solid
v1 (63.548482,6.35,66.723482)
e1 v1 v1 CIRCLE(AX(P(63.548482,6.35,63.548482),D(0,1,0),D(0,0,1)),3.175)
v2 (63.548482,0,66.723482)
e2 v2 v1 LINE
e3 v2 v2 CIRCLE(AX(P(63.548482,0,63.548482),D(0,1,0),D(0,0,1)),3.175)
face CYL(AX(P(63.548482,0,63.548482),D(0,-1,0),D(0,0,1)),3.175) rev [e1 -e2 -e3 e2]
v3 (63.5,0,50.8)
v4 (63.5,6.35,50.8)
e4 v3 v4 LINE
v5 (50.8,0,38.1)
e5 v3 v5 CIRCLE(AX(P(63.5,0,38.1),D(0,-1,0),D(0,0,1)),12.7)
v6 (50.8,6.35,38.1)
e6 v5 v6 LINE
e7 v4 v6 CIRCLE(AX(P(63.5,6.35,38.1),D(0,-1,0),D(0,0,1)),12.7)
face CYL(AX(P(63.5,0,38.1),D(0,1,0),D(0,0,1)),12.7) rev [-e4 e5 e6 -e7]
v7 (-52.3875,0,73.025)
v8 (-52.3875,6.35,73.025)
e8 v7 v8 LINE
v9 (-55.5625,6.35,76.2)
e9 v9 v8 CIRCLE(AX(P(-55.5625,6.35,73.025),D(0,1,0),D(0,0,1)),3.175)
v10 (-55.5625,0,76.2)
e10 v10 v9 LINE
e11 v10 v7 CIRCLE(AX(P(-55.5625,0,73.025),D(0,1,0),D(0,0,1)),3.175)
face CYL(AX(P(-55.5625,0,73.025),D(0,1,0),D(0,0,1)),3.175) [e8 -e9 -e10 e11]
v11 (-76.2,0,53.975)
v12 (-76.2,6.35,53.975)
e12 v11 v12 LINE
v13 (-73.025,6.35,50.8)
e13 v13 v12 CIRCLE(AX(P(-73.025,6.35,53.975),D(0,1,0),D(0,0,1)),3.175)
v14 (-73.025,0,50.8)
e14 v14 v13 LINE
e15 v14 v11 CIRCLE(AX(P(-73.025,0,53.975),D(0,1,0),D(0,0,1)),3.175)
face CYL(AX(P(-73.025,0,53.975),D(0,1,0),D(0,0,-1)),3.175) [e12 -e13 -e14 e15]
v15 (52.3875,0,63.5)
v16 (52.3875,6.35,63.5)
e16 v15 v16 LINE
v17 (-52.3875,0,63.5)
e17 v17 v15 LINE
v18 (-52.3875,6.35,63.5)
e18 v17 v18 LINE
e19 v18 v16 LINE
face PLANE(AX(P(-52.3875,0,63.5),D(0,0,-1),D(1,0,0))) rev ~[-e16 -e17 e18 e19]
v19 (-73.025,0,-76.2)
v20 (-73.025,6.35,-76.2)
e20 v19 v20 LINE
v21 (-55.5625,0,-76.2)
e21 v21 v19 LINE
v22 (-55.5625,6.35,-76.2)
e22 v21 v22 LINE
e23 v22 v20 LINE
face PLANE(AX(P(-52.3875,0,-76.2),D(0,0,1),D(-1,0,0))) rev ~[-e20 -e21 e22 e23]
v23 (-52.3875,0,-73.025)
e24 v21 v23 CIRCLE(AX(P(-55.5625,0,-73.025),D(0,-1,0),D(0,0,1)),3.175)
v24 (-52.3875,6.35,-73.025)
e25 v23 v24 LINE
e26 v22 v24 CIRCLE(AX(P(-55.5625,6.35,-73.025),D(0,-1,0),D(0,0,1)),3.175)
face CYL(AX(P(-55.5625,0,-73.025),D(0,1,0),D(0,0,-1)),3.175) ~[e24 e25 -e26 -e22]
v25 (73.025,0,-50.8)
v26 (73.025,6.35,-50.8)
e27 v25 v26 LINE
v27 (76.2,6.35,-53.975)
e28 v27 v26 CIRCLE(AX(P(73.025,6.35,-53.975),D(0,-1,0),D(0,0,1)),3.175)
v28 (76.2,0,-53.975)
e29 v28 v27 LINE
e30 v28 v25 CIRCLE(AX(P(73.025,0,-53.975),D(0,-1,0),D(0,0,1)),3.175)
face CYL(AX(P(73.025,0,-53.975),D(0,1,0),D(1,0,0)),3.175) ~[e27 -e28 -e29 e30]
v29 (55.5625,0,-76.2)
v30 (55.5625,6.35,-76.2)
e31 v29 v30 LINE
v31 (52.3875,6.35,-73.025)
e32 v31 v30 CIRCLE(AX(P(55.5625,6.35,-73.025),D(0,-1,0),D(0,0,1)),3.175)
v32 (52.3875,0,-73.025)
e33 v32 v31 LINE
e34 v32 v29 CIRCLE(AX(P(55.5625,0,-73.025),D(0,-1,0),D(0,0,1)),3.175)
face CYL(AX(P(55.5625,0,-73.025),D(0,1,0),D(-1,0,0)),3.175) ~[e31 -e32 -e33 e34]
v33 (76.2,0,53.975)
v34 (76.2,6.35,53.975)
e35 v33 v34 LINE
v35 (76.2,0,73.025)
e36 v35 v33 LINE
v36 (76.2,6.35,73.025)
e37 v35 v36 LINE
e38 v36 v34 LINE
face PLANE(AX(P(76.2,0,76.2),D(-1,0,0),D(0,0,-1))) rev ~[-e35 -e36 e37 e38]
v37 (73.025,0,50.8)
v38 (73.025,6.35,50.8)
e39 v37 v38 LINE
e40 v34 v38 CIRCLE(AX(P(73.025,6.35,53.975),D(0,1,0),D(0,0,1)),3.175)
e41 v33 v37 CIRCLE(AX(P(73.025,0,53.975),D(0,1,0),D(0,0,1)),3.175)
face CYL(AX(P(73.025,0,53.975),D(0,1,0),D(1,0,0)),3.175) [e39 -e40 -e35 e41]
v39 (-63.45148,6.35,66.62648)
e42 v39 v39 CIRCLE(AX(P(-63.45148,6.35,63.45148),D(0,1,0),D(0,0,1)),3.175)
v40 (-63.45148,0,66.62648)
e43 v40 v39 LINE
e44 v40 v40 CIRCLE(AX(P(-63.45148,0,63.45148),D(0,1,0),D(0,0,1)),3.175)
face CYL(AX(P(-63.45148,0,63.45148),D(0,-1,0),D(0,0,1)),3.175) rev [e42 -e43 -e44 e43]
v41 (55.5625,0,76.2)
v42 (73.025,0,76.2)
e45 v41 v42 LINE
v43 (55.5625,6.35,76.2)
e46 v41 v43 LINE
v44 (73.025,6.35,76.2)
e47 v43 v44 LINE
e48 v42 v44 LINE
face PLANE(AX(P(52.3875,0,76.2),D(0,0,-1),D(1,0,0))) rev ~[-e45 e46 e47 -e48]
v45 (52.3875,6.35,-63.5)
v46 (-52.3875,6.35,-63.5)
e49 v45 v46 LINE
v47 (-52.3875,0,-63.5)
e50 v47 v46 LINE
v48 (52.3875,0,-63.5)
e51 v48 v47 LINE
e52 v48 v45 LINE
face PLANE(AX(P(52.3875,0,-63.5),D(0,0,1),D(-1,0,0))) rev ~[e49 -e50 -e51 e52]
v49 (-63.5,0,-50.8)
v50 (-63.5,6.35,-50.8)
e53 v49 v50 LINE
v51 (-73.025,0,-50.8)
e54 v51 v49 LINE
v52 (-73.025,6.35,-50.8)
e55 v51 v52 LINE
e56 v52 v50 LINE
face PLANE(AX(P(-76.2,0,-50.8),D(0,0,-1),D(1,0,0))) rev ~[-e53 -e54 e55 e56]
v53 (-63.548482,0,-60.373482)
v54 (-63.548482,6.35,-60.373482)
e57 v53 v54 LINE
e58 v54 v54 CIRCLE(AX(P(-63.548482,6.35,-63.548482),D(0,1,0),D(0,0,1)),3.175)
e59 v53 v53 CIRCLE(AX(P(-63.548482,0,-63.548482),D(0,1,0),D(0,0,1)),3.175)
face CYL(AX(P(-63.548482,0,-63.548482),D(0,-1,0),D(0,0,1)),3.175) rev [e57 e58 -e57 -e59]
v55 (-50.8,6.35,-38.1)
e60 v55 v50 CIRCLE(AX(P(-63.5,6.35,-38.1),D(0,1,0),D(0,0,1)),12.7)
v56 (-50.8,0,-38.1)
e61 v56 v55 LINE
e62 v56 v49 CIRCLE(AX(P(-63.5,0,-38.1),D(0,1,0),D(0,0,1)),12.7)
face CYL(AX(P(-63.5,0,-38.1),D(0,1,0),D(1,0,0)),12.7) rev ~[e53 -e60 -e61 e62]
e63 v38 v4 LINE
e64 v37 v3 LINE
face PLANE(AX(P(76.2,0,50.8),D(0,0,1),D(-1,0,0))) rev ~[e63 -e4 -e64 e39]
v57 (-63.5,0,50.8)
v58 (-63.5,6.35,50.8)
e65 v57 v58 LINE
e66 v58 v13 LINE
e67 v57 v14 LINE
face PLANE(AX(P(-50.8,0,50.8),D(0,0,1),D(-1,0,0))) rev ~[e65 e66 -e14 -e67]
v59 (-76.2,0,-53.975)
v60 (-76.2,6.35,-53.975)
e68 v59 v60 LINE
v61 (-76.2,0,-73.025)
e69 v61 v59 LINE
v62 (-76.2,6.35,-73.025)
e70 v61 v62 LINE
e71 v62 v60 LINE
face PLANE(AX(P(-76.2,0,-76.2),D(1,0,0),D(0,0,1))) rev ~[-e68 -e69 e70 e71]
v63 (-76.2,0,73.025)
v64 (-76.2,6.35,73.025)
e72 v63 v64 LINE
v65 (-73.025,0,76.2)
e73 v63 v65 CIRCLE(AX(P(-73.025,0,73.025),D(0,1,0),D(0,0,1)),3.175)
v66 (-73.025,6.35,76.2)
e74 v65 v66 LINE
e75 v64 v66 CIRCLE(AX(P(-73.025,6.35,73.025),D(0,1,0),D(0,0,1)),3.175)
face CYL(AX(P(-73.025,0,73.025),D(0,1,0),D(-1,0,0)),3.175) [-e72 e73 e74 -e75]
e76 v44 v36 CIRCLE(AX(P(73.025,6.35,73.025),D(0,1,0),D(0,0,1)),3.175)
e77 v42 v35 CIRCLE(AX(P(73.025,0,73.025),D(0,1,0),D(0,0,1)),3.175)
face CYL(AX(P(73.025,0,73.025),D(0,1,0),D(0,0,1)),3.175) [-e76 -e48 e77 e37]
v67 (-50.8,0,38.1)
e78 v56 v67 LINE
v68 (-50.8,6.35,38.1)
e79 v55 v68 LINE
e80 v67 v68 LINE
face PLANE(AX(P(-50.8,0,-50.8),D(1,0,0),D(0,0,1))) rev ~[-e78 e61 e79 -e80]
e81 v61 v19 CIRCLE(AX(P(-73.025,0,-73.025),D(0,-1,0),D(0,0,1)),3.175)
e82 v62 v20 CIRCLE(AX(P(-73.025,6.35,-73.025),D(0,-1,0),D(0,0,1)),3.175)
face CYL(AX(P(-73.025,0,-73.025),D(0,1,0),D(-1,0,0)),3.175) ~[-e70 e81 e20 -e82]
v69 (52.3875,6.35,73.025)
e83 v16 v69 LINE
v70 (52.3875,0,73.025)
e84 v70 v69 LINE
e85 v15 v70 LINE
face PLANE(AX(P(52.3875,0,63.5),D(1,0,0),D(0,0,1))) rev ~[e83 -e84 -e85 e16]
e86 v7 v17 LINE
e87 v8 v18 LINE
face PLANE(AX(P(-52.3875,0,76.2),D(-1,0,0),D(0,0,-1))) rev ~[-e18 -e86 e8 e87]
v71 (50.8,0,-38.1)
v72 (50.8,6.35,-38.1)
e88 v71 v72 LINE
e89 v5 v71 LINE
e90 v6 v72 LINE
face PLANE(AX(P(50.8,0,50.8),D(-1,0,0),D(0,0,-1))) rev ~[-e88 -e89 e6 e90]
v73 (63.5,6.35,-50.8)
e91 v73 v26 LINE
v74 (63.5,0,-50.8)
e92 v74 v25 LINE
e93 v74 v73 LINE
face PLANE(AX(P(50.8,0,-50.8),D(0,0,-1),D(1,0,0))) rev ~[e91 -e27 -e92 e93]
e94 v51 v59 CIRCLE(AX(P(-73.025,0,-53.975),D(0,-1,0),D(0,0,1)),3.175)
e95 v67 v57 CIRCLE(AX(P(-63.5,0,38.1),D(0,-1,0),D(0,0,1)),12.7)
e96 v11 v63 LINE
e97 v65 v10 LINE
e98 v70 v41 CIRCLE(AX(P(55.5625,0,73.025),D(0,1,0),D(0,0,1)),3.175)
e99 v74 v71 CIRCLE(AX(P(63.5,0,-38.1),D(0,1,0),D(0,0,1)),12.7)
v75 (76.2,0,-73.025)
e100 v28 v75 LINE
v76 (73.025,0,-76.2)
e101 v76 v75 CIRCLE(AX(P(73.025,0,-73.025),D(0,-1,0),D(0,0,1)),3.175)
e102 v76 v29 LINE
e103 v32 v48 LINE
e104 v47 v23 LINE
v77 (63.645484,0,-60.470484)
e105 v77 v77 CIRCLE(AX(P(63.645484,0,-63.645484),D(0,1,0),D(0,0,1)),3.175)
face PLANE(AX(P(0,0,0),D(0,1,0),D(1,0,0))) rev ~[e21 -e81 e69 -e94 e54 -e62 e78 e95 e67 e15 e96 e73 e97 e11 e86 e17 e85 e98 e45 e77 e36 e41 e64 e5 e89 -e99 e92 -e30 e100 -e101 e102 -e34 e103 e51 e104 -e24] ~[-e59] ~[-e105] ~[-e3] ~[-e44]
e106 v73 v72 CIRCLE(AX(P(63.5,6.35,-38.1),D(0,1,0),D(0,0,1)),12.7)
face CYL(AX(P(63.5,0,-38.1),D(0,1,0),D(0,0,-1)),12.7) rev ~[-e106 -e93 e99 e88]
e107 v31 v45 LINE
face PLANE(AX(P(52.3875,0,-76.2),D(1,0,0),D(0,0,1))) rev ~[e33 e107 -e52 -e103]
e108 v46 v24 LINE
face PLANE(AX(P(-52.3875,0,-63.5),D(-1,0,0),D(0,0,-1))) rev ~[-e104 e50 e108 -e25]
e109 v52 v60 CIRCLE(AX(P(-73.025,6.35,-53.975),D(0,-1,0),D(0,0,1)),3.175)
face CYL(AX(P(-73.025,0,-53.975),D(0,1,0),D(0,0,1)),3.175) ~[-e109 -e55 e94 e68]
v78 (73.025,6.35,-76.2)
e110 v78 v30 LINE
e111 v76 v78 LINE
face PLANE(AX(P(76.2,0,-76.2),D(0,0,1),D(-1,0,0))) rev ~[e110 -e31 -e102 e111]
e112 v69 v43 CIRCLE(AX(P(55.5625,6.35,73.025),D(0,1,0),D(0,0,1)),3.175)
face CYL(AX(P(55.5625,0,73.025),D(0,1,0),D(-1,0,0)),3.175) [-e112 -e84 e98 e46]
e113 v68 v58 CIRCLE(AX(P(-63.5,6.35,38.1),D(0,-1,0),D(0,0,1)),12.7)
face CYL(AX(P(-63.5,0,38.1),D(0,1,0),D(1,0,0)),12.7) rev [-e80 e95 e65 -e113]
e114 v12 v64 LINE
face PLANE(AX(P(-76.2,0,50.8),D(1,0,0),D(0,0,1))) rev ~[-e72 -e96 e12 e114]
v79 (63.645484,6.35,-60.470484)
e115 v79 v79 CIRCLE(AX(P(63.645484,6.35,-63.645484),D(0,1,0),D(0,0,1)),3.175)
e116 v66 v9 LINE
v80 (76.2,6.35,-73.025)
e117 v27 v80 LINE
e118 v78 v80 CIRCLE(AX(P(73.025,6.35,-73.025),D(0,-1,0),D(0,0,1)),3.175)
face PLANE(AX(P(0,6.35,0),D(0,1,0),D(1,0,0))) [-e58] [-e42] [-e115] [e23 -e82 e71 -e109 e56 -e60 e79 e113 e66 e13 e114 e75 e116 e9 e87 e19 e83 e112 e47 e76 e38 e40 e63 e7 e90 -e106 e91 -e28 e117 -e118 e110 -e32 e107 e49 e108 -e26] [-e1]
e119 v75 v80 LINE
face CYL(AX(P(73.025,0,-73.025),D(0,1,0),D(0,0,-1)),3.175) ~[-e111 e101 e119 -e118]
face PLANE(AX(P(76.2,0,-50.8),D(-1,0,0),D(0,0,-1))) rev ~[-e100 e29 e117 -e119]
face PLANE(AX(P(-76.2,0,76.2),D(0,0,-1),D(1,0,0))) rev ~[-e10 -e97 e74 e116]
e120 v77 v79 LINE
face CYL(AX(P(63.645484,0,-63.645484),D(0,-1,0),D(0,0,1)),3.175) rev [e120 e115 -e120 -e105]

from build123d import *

# Parameters (mm, degrees)
SKETCH1_R           = 3.175
BOSS_EXTRUDE1_DEPTH = 6.35
FILLET1_R           = 12.7
FILLET2_R           = 3.175


with BuildPart() as part:
    # Sketch1 → Boss-Extrude1 (new body)
    with BuildSketch(Plane(origin=(0, 0, 0), x_dir=(1, 0, 0), z_dir=(0, 1, 0))):
        Polygon((-50.8, 50.8), (-50.8, -50.8), (-76.2, -50.8), (-76.2, -76.2), (-52.3875, -76.2), (-52.3875, -63.5), (52.3875, -63.5), (52.3875, -76.2), (76.2, -76.2), (76.2, -50.8), (50.8, -50.8), (50.8, 50.8), (76.2, 50.8), (76.2, 76.2), (52.3875, 76.2), (52.3875, 63.5), (-52.3875, 63.5), (-52.3875, 76.2), (-76.2, 76.2), (-76.2, 50.8), align=None)
        with Locations(Location((-63.54848247, 63.54848247, 0), (0, 0, 270))):
            Circle(SKETCH1_R, mode=Mode.SUBTRACT)
        with Locations(Location((63.645484454, 63.645484454, 0), (0, 0, 270))):
            Circle(SKETCH1_R, mode=Mode.SUBTRACT)
        with Locations(Location((63.54848247, -63.54848247, 0), (0, 0, 270))):
            Circle(SKETCH1_R, mode=Mode.SUBTRACT)
        with Locations(Location((-63.451480485, -63.451480485, 0), (0, 0, 270))):
            Circle(SKETCH1_R, mode=Mode.SUBTRACT)
    extrude(amount=BOSS_EXTRUDE1_DEPTH)

    # Fillet1
    fillet1_edges = [part.edges().sort_by_distance(p)[0] for p in [
        (50.8, 3.175, -50.8),
        (50.8, 3.175, 50.8),
        (-50.8, 3.175, 50.8),
        (-50.8, 3.175, -50.8),
    ]]
    fillet(fillet1_edges, radius=FILLET1_R)

    # Fillet2
    fillet2_edges = [part.edges().sort_by_distance(p)[0] for p in [
        (-76.2, 3.175, -76.2),
        (-52.3875, 3.175, -76.2),
        (52.3875, 3.175, -76.2),
        (76.2, 3.175, -76.2),
        (76.2, 3.175, -50.8),
        (76.2, 3.175, 50.8),
        (76.2, 3.175, 76.2),
        (52.3875, 3.175, 76.2),
        (-52.3875, 3.175, 76.2),
        (-76.2, 3.175, 76.2),
        (-76.2, 3.175, 50.8),
        (-76.2, 3.175, -50.8),
    ]]
    fillet(fillet2_edges, radius=FILLET2_R)


solid = part.part
